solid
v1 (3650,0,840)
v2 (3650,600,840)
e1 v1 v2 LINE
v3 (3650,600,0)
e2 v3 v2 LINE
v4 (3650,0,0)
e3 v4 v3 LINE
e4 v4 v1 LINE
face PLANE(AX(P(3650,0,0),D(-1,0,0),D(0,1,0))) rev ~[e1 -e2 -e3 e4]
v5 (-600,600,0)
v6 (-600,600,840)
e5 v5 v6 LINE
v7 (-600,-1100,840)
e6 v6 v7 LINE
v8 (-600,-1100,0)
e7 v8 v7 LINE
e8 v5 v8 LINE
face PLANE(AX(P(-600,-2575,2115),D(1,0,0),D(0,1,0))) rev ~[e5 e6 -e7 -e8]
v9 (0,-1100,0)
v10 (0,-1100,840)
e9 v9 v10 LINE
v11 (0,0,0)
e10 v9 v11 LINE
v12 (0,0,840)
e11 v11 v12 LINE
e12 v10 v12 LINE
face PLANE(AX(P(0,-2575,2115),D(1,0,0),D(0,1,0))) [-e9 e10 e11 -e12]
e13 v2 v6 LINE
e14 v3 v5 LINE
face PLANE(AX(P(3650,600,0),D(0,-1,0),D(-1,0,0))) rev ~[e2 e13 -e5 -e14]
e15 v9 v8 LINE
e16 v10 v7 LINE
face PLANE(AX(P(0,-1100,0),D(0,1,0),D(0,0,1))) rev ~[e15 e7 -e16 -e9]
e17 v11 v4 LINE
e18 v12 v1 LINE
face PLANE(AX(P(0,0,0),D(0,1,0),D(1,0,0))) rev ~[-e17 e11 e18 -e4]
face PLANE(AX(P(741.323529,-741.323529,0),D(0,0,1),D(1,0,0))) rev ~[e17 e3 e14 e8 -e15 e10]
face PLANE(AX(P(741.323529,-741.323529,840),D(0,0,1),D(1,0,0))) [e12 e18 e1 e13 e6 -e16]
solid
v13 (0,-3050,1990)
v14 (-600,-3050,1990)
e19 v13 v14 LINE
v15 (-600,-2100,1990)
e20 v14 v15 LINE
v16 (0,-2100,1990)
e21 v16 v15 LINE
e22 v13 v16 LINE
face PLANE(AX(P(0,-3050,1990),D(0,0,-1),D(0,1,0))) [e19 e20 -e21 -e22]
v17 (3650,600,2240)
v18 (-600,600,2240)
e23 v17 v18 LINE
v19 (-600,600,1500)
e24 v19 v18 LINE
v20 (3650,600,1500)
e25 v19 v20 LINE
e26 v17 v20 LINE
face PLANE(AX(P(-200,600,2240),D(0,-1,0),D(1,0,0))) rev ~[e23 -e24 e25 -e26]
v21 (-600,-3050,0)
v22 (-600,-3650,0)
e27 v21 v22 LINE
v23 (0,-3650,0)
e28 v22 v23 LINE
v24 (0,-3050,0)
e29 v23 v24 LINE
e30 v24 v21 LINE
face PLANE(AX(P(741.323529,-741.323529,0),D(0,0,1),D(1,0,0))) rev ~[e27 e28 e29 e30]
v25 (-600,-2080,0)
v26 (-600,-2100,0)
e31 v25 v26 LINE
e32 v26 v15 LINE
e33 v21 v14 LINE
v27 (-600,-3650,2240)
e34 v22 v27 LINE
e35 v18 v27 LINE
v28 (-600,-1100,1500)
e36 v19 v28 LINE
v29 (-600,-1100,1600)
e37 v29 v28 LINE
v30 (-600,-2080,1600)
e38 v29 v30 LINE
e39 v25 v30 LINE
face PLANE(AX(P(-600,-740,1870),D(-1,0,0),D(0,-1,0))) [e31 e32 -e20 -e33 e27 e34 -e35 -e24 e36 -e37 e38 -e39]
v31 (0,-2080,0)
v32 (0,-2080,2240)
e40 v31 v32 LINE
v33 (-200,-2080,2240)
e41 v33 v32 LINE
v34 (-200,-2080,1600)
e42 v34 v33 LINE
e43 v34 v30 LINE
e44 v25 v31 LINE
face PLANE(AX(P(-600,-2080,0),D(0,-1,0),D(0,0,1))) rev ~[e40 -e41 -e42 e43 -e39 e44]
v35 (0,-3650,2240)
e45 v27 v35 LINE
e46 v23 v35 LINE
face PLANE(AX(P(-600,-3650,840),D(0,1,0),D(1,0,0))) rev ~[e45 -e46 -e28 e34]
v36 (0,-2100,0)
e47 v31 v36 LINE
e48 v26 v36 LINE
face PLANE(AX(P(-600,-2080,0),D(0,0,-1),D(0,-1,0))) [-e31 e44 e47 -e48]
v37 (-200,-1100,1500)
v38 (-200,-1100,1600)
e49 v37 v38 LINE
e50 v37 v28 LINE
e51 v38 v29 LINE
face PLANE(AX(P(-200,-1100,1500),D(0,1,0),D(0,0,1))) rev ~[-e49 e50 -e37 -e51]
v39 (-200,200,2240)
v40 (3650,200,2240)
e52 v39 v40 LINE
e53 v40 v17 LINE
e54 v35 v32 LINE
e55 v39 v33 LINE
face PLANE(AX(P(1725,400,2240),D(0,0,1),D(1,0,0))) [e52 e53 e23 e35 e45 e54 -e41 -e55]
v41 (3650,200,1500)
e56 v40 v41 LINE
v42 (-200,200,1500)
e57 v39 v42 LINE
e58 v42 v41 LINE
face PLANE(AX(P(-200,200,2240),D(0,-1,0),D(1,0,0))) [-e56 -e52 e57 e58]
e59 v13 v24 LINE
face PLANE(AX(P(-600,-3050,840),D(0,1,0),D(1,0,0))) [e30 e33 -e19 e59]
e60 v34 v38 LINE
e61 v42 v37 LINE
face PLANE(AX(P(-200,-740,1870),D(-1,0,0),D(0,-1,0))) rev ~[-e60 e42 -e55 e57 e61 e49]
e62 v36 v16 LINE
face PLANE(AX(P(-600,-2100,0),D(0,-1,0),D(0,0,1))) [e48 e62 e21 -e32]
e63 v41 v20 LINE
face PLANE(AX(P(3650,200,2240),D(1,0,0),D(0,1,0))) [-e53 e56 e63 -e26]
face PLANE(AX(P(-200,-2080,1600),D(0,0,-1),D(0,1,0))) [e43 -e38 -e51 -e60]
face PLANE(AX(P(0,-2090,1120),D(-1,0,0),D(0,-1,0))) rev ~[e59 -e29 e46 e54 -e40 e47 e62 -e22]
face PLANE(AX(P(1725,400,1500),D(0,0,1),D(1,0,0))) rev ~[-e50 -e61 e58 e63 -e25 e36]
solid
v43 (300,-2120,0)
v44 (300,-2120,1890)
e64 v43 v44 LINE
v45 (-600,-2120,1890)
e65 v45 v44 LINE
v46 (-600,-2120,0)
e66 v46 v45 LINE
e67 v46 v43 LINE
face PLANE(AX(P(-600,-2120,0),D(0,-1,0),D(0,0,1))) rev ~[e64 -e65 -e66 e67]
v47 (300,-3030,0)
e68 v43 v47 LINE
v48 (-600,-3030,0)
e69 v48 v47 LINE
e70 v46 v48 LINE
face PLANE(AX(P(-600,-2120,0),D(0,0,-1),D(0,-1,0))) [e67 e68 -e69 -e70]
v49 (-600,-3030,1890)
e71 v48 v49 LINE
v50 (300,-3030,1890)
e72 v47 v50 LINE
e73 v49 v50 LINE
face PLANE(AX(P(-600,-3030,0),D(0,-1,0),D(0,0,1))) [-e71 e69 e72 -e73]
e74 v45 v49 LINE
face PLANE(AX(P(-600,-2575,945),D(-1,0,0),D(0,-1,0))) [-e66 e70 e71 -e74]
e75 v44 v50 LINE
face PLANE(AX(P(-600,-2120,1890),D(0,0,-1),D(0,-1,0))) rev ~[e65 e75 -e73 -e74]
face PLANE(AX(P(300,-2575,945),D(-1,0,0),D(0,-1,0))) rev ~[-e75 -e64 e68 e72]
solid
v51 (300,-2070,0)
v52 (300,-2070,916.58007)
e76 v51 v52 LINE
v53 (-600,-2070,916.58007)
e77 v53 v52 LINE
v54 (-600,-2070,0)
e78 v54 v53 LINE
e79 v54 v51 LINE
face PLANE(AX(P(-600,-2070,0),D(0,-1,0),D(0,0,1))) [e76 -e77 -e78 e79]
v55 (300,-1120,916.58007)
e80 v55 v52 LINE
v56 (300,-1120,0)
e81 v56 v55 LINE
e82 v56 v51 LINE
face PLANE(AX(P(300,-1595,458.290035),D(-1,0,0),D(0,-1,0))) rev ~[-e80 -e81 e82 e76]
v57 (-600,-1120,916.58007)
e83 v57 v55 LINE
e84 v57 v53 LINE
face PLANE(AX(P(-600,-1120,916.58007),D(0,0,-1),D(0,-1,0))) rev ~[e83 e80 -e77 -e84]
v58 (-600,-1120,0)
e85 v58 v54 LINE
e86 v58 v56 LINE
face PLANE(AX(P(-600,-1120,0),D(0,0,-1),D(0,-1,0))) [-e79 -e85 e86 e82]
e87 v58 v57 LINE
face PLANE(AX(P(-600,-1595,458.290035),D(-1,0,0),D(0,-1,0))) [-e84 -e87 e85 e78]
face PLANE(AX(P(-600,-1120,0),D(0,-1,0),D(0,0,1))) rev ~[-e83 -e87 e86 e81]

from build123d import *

# Parameters (mm, degrees)
F1_DEPTH  = 840
F2_W      = 600
F2_H      = 600
F3_DEPTH  = 1400
F4_W      = 950
F4_H      = 250
F5_DEPTH  = 600
F6_W      = 1950
F6_H      = 840
F7_DEPTH  = 600.001
F8_W      = 20
F8_H      = 2240
F9_DEPTH  = 600
F10_W     = 2680
F10_H     = 740
F11_DEPTH = 400
F12_W     = 3850
F12_H     = 400
F13_DEPTH = 740
F14_W     = 980
F14_H     = 100
F15_DEPTH = 400.001
F16_W     = 910
F16_H     = 1890
F16_W_2   = 950
F16_H_2   = 916.58007
F17_DEPTH = 900


with BuildPart() as f1:
    # F0 (on Top) → F1 (new body)
    with BuildSketch(Plane.XY):
        Polygon((3650, 600), (-600, 600), (-600, -3650), (0, -3650), (0, 0), (3650, 0), align=None)
    extrude(amount=F1_DEPTH)

    # F2 (on face) → F3 (join)
    with BuildSketch(Plane.XY.offset(840)):
        with Locations((-300, -3350)):
            Rectangle(F2_W, F2_H)
    extrude(amount=F3_DEPTH)

    # F4 (on face) → F5 (join, through all)
    with BuildSketch(Plane.YZ):
        with Locations((-2575, 2115)):
            Rectangle(F4_W, F4_H)
    extrude(amount=-F5_DEPTH)

    # F6 (on face) → F7 (cut, through all)
    with BuildSketch(Plane.YZ):
        with Locations((-2075, 420)):
            Rectangle(F6_W, F6_H)
    extrude(amount=-F7_DEPTH, mode=Mode.SUBTRACT)

    # F8 (on face) → F9 (join, through all)
    with BuildSketch(Plane(origin=(-600, 0, 0), x_dir=(0, -1, 0), z_dir=(-1, 0, 0))):
        with Locations((2090, 1120)):
            Rectangle(F8_W, F8_H)
    extrude(amount=-F9_DEPTH)

    # F10 (on face) → F11 (join)
    with BuildSketch(Plane(origin=(-600, 0, 0), x_dir=(0, -1, 0), z_dir=(-1, 0, 0))):
        with Locations((740, 1870)):
            Rectangle(F10_W, F10_H)
    extrude(amount=-F11_DEPTH)

    # F12 (on face) → F13 (join, through all)
    with BuildSketch(Plane.XY.offset(2240)):
        with Locations((1725, 400)):
            Rectangle(F12_W, F12_H)
    extrude(amount=-F13_DEPTH)

    # F14 (on face) → F15 (cut, through all)
    with BuildSketch(Plane.YZ.offset(-200)):
        with Locations((-1590, 1550)):
            Rectangle(F14_W, F14_H)
    extrude(amount=-F15_DEPTH, mode=Mode.SUBTRACT)


with BuildPart() as f17:
    # F16 (on face) → F17 (new body)
    with BuildSketch(Plane(origin=(-600, 0, 0), x_dir=(0, -1, 0), z_dir=(-1, 0, 0))):
        with Locations((2575, 945)):
            Rectangle(F16_W, F16_H)
        with Locations((1595, 458.290035)):
            Rectangle(F16_W_2, F16_H_2)
    extrude(amount=-F17_DEPTH)


solid = Compound([f1.part, f17.part])
